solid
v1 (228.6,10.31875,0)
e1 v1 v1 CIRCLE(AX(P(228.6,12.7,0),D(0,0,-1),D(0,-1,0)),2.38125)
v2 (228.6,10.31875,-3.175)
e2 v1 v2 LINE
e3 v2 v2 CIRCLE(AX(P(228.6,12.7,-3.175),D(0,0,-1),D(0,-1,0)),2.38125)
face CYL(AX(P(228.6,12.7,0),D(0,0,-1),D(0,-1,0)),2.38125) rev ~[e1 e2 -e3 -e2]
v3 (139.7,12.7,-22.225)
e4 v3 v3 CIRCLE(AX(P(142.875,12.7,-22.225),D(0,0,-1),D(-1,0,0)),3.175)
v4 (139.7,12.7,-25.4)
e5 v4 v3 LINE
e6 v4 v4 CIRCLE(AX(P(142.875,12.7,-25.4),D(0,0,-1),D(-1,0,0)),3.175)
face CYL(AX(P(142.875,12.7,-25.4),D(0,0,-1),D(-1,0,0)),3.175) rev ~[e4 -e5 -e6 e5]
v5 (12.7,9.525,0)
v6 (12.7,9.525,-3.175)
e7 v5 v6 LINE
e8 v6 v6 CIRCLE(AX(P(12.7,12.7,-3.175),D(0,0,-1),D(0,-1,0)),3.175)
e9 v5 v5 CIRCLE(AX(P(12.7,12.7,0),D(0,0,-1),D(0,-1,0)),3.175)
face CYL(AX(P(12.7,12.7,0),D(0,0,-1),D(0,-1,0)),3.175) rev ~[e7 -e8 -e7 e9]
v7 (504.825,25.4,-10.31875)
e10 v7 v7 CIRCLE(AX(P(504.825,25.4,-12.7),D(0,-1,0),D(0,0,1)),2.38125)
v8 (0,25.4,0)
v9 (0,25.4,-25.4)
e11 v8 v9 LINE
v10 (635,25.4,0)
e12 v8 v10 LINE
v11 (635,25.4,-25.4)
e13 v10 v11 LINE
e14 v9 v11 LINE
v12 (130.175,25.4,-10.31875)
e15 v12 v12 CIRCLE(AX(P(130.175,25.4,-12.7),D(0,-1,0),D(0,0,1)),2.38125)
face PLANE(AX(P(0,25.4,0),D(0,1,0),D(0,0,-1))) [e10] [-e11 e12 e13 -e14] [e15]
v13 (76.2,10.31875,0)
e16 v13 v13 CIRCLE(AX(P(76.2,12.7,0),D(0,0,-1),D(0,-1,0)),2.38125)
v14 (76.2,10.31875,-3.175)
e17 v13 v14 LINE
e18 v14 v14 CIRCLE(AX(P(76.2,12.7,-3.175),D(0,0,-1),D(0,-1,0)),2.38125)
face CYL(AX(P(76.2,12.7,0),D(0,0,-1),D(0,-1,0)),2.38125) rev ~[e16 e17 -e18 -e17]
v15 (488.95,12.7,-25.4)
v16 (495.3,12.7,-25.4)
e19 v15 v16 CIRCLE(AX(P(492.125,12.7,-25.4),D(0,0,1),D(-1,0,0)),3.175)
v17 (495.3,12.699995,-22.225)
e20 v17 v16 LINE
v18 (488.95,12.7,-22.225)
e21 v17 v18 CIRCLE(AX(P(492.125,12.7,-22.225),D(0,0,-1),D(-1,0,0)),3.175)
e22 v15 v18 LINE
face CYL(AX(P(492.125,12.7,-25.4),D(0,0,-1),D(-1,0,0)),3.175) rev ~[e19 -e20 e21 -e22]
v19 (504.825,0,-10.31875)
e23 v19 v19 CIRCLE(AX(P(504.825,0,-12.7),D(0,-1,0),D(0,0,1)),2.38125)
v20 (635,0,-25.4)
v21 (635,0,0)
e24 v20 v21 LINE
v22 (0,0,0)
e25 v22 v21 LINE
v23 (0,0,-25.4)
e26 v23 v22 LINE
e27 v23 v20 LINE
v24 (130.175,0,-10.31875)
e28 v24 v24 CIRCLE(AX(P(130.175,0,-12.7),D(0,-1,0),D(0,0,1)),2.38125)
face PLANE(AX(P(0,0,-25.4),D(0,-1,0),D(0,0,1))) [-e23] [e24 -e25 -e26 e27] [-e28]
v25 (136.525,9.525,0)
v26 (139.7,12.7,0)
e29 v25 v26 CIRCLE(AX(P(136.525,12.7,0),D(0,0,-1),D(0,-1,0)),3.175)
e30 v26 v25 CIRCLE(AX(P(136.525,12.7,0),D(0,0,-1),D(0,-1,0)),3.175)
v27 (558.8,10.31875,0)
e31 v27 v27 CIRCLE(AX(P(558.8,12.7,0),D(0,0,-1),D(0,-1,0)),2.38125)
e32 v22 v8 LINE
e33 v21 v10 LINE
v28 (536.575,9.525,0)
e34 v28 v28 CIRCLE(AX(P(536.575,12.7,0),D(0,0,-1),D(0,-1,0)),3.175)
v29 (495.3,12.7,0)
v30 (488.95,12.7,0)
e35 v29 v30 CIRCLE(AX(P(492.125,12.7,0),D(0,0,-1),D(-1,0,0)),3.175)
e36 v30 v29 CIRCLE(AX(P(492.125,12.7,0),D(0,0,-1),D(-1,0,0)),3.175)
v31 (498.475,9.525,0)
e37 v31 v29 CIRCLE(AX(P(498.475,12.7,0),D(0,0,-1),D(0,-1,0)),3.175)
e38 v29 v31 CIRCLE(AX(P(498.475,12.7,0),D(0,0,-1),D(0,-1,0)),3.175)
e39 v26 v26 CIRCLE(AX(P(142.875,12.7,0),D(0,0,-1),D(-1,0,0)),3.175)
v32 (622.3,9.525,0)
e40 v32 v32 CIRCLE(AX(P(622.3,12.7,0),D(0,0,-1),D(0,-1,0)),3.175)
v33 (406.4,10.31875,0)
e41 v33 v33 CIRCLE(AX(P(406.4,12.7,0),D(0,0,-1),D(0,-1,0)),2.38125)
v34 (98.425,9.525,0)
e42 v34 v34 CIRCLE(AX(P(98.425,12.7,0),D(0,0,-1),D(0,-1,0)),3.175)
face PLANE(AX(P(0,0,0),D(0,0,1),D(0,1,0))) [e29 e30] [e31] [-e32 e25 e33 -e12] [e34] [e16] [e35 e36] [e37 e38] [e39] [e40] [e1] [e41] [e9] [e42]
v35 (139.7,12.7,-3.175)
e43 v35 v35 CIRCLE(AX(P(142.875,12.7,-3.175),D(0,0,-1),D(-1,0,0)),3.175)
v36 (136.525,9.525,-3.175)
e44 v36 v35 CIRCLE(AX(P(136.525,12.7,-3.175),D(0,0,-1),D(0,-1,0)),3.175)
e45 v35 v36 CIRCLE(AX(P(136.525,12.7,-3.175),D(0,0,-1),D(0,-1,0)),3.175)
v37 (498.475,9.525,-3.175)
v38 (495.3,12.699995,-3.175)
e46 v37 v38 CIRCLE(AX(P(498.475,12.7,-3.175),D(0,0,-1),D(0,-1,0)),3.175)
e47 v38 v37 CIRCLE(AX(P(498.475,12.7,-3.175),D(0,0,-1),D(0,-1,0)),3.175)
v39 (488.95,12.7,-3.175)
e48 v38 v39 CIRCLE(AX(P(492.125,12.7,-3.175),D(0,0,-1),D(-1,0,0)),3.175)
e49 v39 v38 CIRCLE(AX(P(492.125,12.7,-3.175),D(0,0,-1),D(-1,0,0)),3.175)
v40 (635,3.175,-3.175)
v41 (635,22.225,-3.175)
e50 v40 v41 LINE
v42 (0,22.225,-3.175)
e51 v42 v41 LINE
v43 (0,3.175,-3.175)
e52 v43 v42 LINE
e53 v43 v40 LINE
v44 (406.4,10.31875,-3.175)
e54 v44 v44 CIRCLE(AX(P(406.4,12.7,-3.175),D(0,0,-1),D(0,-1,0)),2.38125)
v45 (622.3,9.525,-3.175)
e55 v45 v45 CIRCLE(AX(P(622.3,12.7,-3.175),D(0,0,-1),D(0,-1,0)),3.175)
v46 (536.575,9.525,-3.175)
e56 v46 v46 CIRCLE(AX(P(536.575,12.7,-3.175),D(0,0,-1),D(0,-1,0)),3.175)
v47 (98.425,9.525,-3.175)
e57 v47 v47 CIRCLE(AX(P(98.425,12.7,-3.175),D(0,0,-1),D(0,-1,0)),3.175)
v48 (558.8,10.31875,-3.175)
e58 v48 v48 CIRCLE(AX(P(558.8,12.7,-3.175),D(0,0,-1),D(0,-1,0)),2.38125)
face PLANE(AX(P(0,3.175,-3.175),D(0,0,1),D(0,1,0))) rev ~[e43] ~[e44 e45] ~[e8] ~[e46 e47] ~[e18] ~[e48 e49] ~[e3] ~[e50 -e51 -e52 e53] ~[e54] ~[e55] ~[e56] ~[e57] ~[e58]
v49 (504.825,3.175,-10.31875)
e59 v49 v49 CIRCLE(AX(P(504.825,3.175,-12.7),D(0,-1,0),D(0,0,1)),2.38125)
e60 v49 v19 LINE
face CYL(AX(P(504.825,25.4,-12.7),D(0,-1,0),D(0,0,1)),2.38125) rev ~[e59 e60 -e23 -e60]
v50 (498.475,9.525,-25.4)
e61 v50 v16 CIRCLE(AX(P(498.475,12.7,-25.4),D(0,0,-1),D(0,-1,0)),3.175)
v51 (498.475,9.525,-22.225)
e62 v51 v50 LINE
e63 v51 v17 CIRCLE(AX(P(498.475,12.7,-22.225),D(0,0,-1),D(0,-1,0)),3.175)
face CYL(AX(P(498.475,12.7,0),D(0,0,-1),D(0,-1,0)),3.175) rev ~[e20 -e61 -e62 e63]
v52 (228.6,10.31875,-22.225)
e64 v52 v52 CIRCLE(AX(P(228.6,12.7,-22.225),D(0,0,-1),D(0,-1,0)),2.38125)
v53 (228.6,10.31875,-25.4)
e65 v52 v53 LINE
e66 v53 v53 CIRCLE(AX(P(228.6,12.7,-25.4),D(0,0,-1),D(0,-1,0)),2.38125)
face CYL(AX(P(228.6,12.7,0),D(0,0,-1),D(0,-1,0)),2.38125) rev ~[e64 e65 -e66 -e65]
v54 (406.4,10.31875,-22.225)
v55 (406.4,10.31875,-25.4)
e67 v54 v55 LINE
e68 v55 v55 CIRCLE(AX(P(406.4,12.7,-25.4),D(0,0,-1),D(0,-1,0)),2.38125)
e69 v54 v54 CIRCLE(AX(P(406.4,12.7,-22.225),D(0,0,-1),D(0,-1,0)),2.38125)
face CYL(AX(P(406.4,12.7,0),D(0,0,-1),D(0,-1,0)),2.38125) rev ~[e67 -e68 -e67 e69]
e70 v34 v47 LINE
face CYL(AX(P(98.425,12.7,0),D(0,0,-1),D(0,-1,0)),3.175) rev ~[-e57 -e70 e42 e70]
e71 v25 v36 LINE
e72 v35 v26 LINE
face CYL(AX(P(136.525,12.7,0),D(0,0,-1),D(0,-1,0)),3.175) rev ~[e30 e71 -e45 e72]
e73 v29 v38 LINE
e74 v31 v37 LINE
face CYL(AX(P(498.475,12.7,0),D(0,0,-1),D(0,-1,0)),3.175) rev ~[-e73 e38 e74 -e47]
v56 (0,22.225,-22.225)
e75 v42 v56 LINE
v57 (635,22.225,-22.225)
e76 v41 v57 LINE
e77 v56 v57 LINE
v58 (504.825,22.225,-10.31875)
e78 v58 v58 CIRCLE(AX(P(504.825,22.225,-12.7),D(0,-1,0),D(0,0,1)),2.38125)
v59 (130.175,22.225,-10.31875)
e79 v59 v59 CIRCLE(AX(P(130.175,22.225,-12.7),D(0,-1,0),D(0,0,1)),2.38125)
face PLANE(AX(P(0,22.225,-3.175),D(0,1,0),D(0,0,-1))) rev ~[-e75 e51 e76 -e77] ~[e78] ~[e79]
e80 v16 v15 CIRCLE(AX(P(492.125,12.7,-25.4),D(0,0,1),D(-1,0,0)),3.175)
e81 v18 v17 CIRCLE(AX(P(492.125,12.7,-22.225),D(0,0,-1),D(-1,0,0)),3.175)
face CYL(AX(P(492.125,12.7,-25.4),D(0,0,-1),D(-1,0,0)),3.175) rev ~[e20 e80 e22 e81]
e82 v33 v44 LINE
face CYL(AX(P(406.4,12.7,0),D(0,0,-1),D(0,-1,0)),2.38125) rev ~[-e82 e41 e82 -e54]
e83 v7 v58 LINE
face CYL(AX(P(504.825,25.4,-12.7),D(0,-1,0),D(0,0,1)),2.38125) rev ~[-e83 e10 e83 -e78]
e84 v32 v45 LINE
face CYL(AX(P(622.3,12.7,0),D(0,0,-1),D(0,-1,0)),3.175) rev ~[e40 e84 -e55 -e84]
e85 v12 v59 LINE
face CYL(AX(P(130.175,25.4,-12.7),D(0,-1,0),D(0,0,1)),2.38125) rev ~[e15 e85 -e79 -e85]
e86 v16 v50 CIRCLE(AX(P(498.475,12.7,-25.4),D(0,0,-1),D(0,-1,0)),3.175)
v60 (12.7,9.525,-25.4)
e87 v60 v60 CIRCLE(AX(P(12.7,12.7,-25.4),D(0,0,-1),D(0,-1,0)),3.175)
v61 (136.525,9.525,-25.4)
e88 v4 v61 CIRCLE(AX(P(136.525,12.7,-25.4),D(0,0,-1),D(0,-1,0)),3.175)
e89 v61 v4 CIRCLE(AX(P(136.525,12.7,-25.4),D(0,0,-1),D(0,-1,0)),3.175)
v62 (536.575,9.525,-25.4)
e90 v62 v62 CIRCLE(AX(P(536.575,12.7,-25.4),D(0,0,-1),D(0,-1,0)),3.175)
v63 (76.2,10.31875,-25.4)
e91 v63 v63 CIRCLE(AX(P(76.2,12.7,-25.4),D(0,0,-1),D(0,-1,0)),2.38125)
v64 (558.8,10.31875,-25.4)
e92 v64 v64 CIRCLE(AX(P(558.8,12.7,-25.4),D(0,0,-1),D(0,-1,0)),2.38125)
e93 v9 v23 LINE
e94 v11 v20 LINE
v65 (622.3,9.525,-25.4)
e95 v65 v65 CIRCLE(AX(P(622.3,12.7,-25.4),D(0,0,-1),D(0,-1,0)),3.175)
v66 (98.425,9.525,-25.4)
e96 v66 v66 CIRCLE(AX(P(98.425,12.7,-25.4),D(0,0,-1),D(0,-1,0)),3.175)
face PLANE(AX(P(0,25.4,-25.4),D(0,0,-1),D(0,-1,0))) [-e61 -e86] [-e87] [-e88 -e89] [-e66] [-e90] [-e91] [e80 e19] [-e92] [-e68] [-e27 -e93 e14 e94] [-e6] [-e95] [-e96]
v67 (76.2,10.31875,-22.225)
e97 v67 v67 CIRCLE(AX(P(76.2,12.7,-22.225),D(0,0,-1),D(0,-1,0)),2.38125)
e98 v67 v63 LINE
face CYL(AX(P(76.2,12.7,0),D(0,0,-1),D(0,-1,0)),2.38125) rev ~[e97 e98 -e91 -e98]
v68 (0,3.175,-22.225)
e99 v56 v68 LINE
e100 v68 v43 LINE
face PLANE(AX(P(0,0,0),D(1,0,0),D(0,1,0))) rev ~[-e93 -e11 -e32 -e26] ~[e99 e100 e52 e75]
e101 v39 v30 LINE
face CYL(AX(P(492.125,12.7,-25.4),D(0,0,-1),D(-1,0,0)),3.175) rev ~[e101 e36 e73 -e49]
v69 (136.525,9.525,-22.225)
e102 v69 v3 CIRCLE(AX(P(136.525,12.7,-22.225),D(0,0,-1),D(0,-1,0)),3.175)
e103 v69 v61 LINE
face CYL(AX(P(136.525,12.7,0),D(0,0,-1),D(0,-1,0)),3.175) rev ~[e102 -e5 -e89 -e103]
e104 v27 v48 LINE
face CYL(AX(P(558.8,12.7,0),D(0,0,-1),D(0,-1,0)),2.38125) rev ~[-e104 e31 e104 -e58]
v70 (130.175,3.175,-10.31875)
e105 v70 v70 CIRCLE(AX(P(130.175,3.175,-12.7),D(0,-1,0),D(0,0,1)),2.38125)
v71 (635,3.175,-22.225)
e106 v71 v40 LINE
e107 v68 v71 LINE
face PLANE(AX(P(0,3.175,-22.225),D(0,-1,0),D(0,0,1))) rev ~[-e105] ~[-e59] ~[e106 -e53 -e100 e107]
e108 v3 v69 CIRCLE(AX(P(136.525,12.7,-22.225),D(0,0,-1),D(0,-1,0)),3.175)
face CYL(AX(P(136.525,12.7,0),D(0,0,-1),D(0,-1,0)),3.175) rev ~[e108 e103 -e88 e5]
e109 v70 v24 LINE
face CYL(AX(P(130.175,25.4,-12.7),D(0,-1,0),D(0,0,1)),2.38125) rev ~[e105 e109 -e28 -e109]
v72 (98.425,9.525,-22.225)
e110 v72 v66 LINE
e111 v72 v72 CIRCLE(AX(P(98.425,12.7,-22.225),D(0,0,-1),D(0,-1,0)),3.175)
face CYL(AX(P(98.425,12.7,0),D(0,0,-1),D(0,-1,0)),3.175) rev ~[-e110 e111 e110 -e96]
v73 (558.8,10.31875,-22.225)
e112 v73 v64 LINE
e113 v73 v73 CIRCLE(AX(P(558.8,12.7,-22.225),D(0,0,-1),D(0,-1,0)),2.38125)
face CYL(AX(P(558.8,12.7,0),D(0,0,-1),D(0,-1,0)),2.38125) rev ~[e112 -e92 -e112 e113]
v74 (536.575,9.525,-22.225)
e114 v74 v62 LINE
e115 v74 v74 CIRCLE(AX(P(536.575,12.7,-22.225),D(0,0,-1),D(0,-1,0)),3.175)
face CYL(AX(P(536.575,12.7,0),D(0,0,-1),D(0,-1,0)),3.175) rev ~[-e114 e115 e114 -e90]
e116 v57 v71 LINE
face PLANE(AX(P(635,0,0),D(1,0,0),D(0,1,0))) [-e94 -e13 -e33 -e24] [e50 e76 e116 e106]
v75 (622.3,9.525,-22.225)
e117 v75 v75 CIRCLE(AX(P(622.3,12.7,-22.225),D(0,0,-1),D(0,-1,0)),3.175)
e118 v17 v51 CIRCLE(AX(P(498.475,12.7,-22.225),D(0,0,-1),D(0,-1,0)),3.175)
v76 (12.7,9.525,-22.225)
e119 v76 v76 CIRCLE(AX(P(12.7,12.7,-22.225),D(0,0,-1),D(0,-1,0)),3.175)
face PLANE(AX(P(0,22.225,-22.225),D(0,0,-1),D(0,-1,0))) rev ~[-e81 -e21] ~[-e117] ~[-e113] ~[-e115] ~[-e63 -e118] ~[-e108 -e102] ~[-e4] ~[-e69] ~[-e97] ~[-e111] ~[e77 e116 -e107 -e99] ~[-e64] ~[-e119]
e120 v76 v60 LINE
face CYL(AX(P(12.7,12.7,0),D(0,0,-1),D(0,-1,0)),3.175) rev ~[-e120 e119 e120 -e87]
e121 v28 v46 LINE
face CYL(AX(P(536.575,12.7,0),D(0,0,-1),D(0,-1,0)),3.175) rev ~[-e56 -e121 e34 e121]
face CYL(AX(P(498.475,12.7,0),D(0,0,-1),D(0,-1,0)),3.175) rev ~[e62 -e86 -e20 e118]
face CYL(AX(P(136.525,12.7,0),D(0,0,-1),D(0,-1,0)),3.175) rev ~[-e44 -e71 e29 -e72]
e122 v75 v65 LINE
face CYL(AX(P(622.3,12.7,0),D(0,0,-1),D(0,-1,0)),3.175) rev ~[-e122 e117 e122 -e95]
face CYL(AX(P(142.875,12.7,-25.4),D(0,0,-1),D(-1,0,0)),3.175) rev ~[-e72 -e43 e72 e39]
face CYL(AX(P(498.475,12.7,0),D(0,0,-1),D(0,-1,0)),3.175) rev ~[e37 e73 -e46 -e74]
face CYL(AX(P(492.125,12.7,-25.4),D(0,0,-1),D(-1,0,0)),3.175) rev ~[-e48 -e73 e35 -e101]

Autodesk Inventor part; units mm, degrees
ref_plane "YZ Plane" through (0, 0, 0) normal (1, 0, 0) x (0, 1, 0)
ref_plane "XZ Plane" through (0, 0, 0) normal (0, 1, 0) x (-1, 0, 0)
ref_plane "XY Plane" through (0, 0, 0) normal (0, 0, 1) x (1, 0, 0)
sketch "Sketch1" plane through (0, 0, 0) normal (1, 0, 0) x (0, 1, 0)
  line L0 (0, 0) -> (25.4, 0)
  line L1 (25.4, 0) -> (25.4, -25.4)
  line L2 (25.4, -25.4) -> (0, -25.4)
  line L3 (0, -25.4) -> (0, 0)
  line L4 (3.175, -3.175) -> (22.225, -3.175)
  line L5 (22.225, -3.175) -> (22.225, -22.225)
  line L6 (22.225, -22.225) -> (3.175, -22.225)
  line L7 (3.175, -22.225) -> (3.175, -3.175)
  dimension "d0" = 25.4
  dimension "d1" = 25.4
  dimension "d2" = 19.05
  dimension "d3" = 19.05
  dimension "d4" = 3.175
  dimension "d5" = 3.175
extrude "Extrusion1" add sketch "Sketch1" along normal blind 635
sketch "Sketch2" plane through (0, 0, 0) normal (0, 0, 1) x (1, 0, 0)
  line L0 (0, 0) -> (0, 25.4) projected
  line L1 (0, 0) -> (635, 0) projected
  line L2 (635, 25.4) -> (635, 0) projected
  point P0 (536.575, 12.7)
  point P1 (498.475, 12.7)
  point P2 (136.525, 12.7)
  point P3 (98.425, 12.7)
  dimension "d8" = 98.425
  dimension "d9" = 38.1
  dimension "d10" = 12.7
  dimension "d11" = 12.7
  dimension "d12" = 12.7
  dimension "d13" = 98.425
  dimension "d14" = 38.1
  dimension "d15" = 12.7
hole "Hole1" at (536.575, 12.7, 0) at (498.475, 12.7, 0) at (136.525, 12.7, 0) at (98.425, 12.7, 0) direction (0, 0, -1) diameter 6.35 end through all
sketch "Sketch3" plane through (0, 0, 0) normal (0, 0, 1) x (1, 0, 0)
  line L0 (0, 0) -> (0, 25.4) projected
  line L1 (0, 0) -> (635, 0) projected
  line L2 (635, 25.4) -> (635, 0) projected
  point P0 (12.7, 12.7)
  point P1 (622.3, 12.7)
  dimension "d23" = 12.7
  dimension "d24" = 12.7
  dimension "d25" = 12.7
  dimension "d26" = 12.7
hole "Hole2" at (12.7, 12.7, 0) at (622.3, 12.7, 0) direction (0, 0, -1) diameter 6.35 end through all
sketch "Sketch4" plane through (0, 0, 0) normal (0, 0, 1) x (1, 0, 0)
  line L0 (0, 0) -> (0, 25.4) projected
  line L1 (0, 0) -> (635, 0) projected
  line L2 (635, 25.4) -> (635, 0) projected
  point P0 (76.2, 12.7)
  point P1 (228.6, 12.7)
  point P2 (406.4, 12.7)
  point P3 (558.8, 12.7)
  dimension "d34" = 12.7
  dimension "d35" = 12.7
  dimension "d36" = 12.7
  dimension "d37" = 12.7
  dimension "d38" = 76.2
  dimension "d39" = 228.6
  dimension "d40" = 228.6
  dimension "d41" = 76.2
hole "Hole3" at (76.2, 12.7, 0) at (228.6, 12.7, 0) at (406.4, 12.7, 0) at (558.8, 12.7, 0) direction (0, 0, -1) diameter 4.7625 end through all
sketch "Sketch6" plane through (0, 0, -25.4) normal (0, 0, -1) x (-1, 0, 0)
  circle A0 centre (-136.525, 12.7) radius 3.175 projected
  circle A1 centre (-498.475, 12.7) radius 3.175 projected
  line L0 (0, 0) -> (-635, 0) projected
  circle A2 centre (-492.125, 12.7) radius 3.175
  circle A3 centre (-142.875, 12.7) radius 3.175
  dimension "d61" = 6.35
  dimension "d62" = 6.35
  dimension "d63" = 6.35
  dimension "d64" = 12.7
  dimension "d65" = 6.35
  dimension "d66" = 12.7
extrude "Extrusion2" cut sketch "Sketch6" against normal blind 25.4 contours A3 | A2
sketch "Sketch7" plane through (0, 25.4, 0) normal (0, 1, 0) x (1, 0, 0)
  line L0 (635, 25.4) -> (635, 0) projected
  line L1 (0, 25.4) -> (635, 25.4) projected
  point P0 (504.825, 12.7)
  point P1 (130.175, 12.7)
  dimension "d69" = 12.7
  dimension "d70" = 130.175
  dimension "d71" = 12.7
  dimension "d81" = 374.65
hole "Hole5" at (504.825, 25.4, -12.7) at (130.175, 25.4, -12.7) direction (0, -1, 0) diameter 4.7625 depth 25.4 tip angle 118
properties part number "1x1 horizontal" material "Aluminum 6061"
